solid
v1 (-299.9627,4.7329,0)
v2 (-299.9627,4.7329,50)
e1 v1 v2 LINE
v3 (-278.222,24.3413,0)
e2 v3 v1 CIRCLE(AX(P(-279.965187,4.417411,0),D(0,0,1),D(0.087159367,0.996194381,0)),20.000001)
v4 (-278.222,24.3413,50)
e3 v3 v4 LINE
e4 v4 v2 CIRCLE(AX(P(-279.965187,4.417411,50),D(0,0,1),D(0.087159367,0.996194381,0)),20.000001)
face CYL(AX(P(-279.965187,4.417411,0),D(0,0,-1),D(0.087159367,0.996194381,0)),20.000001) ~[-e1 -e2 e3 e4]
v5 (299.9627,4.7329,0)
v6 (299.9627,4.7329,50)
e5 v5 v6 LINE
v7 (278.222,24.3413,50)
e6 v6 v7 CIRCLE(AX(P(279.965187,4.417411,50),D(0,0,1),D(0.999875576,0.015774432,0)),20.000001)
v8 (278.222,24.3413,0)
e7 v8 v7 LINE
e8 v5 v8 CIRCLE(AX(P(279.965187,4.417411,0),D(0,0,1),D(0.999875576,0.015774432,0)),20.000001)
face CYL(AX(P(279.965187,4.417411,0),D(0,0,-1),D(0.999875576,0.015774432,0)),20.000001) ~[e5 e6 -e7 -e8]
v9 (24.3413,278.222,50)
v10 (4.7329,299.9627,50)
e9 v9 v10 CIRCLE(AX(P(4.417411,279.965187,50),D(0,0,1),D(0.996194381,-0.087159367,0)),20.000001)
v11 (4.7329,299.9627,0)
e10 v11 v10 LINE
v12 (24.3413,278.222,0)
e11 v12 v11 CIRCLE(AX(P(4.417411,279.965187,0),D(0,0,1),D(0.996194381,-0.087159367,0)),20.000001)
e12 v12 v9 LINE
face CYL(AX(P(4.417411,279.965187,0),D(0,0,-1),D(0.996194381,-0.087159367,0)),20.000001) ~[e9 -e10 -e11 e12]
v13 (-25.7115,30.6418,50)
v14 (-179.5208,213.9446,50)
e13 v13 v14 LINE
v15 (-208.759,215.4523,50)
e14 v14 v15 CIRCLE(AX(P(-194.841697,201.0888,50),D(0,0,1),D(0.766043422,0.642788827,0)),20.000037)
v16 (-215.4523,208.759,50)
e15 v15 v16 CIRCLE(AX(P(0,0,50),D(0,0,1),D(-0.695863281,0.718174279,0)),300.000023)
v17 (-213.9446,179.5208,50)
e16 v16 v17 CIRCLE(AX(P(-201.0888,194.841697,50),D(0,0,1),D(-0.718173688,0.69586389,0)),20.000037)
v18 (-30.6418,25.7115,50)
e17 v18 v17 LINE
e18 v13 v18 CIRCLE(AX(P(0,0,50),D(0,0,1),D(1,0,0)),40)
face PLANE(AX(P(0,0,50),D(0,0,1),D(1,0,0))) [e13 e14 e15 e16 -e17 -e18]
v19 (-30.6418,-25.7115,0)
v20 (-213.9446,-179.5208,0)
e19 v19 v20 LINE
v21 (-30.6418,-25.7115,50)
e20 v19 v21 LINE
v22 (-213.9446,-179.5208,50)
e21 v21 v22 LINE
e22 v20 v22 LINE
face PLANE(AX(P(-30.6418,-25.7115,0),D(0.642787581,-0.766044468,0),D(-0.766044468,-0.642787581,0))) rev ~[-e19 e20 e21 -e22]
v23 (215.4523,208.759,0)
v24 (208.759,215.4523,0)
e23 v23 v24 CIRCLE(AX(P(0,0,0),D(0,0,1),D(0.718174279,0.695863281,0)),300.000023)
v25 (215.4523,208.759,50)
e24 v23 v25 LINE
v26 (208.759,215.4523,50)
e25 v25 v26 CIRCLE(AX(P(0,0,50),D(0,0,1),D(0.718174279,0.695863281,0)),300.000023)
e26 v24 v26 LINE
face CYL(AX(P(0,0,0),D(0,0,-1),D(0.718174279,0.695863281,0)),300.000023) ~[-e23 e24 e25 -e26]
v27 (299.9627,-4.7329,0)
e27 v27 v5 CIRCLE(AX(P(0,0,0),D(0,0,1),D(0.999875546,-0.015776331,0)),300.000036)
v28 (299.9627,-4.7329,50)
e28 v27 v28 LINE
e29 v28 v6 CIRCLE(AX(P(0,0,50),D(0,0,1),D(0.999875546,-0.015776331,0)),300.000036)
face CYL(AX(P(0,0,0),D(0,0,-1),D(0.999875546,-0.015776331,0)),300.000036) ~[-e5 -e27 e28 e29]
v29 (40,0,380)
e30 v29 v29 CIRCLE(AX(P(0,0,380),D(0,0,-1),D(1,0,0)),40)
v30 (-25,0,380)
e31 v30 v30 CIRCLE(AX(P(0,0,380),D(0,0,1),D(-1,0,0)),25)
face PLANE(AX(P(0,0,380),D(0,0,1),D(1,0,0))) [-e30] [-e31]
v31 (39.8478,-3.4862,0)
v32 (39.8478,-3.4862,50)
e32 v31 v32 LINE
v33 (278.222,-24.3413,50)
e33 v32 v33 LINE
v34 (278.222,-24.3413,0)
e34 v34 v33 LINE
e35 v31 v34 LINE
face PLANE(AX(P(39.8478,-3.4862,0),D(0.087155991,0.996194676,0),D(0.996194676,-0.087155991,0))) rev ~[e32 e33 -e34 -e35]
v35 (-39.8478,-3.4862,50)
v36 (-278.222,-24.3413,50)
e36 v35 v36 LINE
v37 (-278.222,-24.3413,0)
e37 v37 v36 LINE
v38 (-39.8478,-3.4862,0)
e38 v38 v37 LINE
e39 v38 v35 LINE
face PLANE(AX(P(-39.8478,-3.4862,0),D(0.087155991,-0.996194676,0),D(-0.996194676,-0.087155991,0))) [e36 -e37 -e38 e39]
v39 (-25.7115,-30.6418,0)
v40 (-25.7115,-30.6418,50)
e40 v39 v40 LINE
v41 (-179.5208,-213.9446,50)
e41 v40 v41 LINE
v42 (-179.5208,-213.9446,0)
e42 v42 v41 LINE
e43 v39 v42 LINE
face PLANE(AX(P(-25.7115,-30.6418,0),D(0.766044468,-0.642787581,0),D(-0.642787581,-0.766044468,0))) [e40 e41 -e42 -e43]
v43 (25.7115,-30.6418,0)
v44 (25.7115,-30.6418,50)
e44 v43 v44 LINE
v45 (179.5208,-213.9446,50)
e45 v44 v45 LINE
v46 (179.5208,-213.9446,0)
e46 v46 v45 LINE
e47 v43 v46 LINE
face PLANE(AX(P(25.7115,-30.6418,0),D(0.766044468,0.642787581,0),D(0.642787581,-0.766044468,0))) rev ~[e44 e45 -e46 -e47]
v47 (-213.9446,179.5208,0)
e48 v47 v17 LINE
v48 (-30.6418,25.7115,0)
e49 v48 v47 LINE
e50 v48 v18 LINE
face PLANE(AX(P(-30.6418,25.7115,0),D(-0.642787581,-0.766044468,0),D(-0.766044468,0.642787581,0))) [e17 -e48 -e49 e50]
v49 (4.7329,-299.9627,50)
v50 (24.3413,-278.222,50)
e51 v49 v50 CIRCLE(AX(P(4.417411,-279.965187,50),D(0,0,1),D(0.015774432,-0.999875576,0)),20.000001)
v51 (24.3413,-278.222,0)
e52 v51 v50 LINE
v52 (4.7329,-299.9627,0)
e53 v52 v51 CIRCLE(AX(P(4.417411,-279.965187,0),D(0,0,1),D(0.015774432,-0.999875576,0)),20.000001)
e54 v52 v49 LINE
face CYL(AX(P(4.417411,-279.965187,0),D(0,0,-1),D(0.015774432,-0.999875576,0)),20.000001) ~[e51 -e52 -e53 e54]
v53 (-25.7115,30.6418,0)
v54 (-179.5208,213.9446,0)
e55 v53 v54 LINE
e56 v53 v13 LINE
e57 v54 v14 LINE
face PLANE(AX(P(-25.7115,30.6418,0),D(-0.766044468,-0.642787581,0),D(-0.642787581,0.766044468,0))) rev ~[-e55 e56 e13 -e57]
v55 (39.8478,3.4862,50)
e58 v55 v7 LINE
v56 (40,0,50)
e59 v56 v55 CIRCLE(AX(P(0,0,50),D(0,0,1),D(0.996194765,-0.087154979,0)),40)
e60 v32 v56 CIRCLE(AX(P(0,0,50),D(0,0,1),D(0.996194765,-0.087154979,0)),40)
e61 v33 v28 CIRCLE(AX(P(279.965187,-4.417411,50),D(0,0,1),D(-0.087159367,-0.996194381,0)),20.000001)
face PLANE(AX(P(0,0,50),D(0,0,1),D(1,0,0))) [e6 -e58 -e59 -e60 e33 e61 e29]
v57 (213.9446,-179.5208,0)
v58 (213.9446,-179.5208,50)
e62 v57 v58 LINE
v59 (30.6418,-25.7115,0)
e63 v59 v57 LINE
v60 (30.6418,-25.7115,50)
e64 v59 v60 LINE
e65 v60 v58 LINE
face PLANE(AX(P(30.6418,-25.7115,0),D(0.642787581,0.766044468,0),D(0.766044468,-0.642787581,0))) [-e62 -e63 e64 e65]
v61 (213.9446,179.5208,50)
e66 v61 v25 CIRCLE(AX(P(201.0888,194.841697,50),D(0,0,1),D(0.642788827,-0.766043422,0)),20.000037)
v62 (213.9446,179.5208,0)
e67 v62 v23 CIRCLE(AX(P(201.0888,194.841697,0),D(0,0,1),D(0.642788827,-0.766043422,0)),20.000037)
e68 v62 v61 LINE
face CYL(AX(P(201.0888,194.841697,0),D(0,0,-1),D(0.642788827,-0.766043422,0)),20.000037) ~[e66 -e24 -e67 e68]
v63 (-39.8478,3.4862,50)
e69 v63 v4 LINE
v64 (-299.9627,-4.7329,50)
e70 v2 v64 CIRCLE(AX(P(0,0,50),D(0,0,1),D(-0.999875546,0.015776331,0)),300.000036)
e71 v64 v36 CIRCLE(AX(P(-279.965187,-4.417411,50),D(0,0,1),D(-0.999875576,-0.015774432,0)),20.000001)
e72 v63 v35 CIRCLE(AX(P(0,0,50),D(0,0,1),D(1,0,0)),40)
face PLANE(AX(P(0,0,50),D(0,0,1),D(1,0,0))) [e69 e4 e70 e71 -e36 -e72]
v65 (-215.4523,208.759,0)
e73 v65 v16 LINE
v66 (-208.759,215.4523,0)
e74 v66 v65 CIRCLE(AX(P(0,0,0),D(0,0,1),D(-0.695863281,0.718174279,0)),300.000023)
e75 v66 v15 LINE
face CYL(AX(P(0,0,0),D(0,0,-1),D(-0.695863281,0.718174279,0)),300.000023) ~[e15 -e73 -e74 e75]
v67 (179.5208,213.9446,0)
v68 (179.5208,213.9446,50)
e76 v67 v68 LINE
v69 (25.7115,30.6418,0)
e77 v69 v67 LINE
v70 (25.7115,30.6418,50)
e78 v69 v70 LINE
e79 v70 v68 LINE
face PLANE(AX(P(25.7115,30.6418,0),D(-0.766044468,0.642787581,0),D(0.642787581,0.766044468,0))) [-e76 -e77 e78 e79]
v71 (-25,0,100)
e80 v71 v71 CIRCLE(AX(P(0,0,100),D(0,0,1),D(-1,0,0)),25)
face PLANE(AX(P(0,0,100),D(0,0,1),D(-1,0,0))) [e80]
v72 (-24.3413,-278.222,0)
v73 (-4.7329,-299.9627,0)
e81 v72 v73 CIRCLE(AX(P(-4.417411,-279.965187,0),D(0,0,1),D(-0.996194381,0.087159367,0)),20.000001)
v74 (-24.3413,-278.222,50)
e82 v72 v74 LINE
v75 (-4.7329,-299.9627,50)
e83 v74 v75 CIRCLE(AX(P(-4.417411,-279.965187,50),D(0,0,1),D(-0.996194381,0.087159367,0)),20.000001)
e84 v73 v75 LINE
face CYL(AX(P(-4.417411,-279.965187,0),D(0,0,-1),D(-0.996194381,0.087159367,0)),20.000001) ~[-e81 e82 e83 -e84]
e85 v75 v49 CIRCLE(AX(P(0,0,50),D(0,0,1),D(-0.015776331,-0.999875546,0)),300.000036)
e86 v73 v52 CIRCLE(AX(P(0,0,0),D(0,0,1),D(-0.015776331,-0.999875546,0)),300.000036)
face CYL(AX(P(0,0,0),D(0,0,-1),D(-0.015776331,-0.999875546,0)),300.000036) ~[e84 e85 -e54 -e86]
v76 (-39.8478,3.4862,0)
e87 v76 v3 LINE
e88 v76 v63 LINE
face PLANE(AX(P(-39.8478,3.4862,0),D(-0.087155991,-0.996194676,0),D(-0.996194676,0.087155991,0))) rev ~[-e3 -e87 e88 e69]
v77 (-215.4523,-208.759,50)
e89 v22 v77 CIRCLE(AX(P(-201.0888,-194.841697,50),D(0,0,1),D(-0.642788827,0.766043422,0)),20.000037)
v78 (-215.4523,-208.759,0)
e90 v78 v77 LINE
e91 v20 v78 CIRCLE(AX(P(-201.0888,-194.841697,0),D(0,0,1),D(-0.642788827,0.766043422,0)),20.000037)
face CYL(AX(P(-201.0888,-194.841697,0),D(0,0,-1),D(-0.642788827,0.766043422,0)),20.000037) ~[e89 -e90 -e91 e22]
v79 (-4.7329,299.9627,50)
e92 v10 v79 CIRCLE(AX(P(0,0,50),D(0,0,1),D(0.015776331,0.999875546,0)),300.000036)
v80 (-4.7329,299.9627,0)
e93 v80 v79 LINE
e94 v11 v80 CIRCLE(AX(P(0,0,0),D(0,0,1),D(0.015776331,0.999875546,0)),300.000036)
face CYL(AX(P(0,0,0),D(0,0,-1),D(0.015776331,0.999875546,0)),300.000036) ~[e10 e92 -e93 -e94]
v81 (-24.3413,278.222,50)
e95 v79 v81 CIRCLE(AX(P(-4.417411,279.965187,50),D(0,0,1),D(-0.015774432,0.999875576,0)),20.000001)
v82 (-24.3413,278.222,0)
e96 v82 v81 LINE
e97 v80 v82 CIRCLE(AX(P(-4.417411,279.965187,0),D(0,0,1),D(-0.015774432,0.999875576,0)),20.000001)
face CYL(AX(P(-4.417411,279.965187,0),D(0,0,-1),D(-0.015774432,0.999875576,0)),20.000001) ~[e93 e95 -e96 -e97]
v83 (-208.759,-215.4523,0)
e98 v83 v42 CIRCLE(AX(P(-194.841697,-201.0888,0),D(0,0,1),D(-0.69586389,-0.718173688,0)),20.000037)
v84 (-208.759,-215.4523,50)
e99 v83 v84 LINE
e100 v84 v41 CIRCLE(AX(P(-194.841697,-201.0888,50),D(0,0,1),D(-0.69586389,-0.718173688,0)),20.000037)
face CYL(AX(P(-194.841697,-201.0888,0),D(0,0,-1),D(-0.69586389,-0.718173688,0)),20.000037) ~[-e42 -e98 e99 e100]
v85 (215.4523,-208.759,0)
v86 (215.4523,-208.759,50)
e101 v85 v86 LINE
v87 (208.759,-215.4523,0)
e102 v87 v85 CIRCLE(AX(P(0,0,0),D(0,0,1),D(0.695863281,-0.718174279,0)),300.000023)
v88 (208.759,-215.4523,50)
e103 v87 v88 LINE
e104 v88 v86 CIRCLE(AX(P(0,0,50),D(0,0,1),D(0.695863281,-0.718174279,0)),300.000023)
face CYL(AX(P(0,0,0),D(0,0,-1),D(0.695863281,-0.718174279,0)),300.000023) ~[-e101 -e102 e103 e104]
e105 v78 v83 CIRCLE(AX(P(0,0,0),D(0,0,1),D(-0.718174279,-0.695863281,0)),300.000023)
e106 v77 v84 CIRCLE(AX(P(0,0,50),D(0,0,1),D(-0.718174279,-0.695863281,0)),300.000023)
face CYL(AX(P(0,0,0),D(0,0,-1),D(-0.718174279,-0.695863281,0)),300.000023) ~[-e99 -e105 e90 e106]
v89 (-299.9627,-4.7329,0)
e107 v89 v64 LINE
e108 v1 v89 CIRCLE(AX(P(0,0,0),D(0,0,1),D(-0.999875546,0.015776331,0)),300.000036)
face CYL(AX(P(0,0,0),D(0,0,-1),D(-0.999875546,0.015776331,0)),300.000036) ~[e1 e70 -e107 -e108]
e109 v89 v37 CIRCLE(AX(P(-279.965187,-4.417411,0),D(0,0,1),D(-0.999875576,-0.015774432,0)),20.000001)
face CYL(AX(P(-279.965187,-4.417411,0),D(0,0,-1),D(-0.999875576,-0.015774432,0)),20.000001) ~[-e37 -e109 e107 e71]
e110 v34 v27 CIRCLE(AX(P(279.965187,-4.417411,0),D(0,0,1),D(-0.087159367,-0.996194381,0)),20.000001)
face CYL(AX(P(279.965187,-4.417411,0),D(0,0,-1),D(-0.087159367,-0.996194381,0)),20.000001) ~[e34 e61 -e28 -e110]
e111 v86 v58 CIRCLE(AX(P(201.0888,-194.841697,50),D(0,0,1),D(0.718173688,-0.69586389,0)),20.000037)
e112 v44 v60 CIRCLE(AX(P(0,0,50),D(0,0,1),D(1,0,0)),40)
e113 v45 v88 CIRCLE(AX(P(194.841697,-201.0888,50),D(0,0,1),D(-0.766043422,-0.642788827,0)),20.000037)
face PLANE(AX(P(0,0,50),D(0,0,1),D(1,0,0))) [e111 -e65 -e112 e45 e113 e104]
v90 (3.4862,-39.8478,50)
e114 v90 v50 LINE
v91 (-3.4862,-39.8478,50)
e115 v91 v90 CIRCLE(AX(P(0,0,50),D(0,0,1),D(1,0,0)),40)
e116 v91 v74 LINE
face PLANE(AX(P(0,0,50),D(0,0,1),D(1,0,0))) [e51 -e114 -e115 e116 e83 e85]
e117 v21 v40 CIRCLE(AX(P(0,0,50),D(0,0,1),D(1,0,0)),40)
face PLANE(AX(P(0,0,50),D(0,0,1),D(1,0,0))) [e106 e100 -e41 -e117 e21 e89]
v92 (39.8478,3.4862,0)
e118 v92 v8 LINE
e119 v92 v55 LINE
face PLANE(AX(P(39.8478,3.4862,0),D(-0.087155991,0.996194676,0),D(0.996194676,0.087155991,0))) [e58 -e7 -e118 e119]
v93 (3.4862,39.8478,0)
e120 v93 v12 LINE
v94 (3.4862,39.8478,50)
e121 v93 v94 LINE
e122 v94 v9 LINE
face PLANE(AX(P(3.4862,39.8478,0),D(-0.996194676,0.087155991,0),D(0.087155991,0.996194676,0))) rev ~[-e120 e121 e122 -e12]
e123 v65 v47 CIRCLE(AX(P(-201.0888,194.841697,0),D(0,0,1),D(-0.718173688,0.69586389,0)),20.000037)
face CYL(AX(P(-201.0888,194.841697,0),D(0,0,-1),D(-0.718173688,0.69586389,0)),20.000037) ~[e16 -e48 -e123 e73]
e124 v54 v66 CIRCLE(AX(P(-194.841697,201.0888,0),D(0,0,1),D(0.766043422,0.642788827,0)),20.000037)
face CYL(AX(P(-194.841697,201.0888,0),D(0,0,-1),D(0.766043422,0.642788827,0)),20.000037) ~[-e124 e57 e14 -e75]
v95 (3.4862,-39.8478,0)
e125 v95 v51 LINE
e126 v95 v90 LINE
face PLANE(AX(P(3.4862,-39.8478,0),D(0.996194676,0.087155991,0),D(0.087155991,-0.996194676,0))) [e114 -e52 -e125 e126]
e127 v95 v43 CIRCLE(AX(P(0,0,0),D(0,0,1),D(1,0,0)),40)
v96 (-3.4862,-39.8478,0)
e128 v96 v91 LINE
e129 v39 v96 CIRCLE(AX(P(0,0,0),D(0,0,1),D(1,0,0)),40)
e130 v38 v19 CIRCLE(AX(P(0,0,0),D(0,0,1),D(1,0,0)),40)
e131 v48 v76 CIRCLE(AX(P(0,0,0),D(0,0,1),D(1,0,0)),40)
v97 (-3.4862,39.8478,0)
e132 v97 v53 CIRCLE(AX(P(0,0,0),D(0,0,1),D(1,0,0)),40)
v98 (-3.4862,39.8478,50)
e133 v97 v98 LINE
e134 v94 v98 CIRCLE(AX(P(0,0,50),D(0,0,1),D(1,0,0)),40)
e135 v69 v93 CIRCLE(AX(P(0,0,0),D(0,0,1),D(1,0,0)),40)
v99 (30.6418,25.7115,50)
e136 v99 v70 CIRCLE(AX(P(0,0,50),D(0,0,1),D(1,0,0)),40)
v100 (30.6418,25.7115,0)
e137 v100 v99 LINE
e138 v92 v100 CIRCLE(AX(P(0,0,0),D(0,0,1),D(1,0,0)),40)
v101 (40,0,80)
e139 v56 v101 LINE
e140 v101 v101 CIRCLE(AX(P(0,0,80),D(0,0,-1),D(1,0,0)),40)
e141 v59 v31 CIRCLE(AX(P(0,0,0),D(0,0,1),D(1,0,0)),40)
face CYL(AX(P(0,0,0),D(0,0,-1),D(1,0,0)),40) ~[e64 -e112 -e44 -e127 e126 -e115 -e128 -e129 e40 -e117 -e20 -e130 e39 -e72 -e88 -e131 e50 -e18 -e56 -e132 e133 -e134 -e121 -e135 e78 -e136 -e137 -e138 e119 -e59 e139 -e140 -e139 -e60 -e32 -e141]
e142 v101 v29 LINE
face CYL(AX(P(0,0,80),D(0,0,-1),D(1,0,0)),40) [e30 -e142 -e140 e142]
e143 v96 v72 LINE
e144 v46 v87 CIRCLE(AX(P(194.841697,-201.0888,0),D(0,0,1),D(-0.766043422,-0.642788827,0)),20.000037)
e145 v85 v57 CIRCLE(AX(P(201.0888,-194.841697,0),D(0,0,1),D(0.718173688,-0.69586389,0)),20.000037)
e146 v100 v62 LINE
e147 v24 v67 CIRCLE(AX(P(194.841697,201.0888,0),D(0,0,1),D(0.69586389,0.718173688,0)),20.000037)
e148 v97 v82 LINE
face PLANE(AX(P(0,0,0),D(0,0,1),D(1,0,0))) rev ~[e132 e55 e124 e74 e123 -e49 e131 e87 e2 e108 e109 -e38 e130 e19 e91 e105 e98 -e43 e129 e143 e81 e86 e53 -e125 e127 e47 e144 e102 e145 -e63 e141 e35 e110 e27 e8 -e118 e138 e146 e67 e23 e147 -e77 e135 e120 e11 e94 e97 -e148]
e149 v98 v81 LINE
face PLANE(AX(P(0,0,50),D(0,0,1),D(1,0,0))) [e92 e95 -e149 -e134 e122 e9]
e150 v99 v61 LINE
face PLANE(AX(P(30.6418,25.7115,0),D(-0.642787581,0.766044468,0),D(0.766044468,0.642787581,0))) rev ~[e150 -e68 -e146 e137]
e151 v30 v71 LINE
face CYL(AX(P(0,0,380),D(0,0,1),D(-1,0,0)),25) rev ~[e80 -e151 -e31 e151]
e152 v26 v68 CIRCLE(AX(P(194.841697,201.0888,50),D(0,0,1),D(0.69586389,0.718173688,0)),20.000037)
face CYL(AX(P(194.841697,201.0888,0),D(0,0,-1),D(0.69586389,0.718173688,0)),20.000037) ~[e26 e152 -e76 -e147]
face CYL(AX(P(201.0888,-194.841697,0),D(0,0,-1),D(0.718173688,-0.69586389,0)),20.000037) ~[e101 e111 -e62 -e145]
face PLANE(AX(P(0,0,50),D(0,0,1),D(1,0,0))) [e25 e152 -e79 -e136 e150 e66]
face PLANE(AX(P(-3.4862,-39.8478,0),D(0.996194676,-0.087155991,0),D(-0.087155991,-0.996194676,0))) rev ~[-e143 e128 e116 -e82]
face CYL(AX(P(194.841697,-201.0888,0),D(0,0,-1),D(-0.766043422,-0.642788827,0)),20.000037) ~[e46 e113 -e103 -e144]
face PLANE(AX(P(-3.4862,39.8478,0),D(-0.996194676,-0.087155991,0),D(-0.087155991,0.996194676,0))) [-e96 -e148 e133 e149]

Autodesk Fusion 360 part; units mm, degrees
sketch "Sketch1" plane through (0, 0, 0) normal (0, 0, 1) x (1, 0, 0)
  circle A0 centre (0, 0) radius 40
  line L0 (39.8478, 3.4862) -> (278.222, 24.3413)
  line L1 (0, 0) -> (300, 0) construction
  line L2 (39.8478, -3.4862) -> (278.222, -24.3413)
  arc A1 (299.9627, -4.7329) -> (299.9627, 4.7329) centre (0, 0) ccw
  arc A2 (299.9627, 4.7329) -> (278.222, 24.3413) centre (279.9652, 4.4174) ccw
  arc A3 (278.222, -24.3413) -> (299.9627, -4.7329) centre (279.9652, -4.4174) ccw
  line L3 (25.7115, 30.6418) -> (179.5208, 213.9446)
  line L4 (30.6418, 25.7115) -> (213.9446, 179.5208)
  arc A4 (213.9446, 179.5208) -> (215.4523, 208.759) centre (201.0888, 194.8417) ccw
  arc A5 (215.4523, 208.759) -> (208.759, 215.4523) centre (0, 0) ccw
  arc A6 (208.759, 215.4523) -> (179.5208, 213.9446) centre (194.8417, 201.0888) ccw
  line L5 (-3.4862, 39.8478) -> (-24.3413, 278.222)
  line L6 (3.4862, 39.8478) -> (24.3413, 278.222)
  arc A7 (24.3413, 278.222) -> (4.7329, 299.9627) centre (4.4174, 279.9652) ccw
  arc A8 (4.7329, 299.9627) -> (-4.7329, 299.9627) centre (0, 0) ccw
  arc A9 (-4.7329, 299.9627) -> (-24.3413, 278.222) centre (-4.4174, 279.9652) ccw
  line L7 (-30.6418, 25.7115) -> (-213.9446, 179.5208)
  line L8 (-25.7115, 30.6418) -> (-179.5208, 213.9446)
  arc A10 (-179.5208, 213.9446) -> (-208.759, 215.4523) centre (-194.8417, 201.0888) ccw
  arc A11 (-208.759, 215.4523) -> (-215.4523, 208.759) centre (0, 0) ccw
  arc A12 (-215.4523, 208.759) -> (-213.9446, 179.5208) centre (-201.0888, 194.8417) ccw
  line L9 (-39.8478, -3.4862) -> (-278.222, -24.3413)
  line L10 (-39.8478, 3.4862) -> (-278.222, 24.3413)
  arc A13 (-278.222, 24.3413) -> (-299.9627, 4.7329) centre (-279.9652, 4.4174) ccw
  arc A14 (-299.9627, 4.7329) -> (-299.9627, -4.7329) centre (0, 0) ccw
  arc A15 (-299.9627, -4.7329) -> (-278.222, -24.3413) centre (-279.9652, -4.4174) ccw
  line L11 (-25.7115, -30.6418) -> (-179.5208, -213.9446)
  line L12 (-30.6418, -25.7115) -> (-213.9446, -179.5208)
  arc A16 (-213.9446, -179.5208) -> (-215.4523, -208.759) centre (-201.0888, -194.8417) ccw
  arc A17 (-215.4523, -208.759) -> (-208.759, -215.4523) centre (0, 0) ccw
  arc A18 (-208.759, -215.4523) -> (-179.5208, -213.9446) centre (-194.8417, -201.0888) ccw
  line L13 (3.4862, -39.8478) -> (24.3413, -278.222)
  line L14 (-3.4862, -39.8478) -> (-24.3413, -278.222)
  arc A19 (-24.3413, -278.222) -> (-4.7329, -299.9627) centre (-4.4174, -279.9652) ccw
  arc A20 (-4.7329, -299.9627) -> (4.7329, -299.9627) centre (0, 0) ccw
  arc A21 (4.7329, -299.9627) -> (24.3413, -278.222) centre (4.4174, -279.9652) ccw
  line L15 (30.6418, -25.7115) -> (213.9446, -179.5208)
  line L16 (25.7115, -30.6418) -> (179.5208, -213.9446)
  arc A22 (179.5208, -213.9446) -> (208.759, -215.4523) centre (194.8417, -201.0888) ccw
  arc A23 (208.759, -215.4523) -> (215.4523, -208.759) centre (0, 0) ccw
  arc A24 (215.4523, -208.759) -> (213.9446, -179.5208) centre (201.0888, -194.8417) ccw
  point P0 (298.8584, 26.1467)
  dimension "d1" = 80
  dimension "d3" = 5
  dimension "d4" = 300
  dimension "d5" = 20
  dimension "d6" = 20
  dimension "d8" = 360
extrude "Extrude1" add sketch "Sketch1" along normal blind 50 contours A0 L0 L2 A1 A2 A3 | A0 L3 L4 A4 A5 A6 | A0 L15 L16 A22 A23 A24 | A0 L5 L6 A7 A8 A9 | A0 L13 L14 A19 A20 A21 | A0 L7 L8 A10 A11 A12 | A0 L11 L12 A16 A17 A18 | A0 L9 L10 A13 A14 A15 makes body 1 at (-10.4379, 119.3059, 16.6667) makes body 2 at (10.4379, -119.3059, 16.6667) makes body 3 at (-76.9813, -91.7427, 16.6667) makes body 4 at (91.7427, 76.9813, 16.6667) makes body 5 at (-91.7427, 76.9813, 16.6667) makes body 6 at (76.9813, -91.7427, 16.6667) makes body 7 at (-119.3059, -10.4379, 16.6667) makes body 8 at (119.3059, 10.4379, 16.6667)
extrude "Extrude2" add sketch "Sketch1" along normal blind 80 contours A0 bodies 1 2 3 4 5 6 7 8
extrude "Extrude3" add 1 faces at (13.1844, -1.9872, 80) along direction (0, 0, 1) blind 300 on bodies 1 bodies 1
sketch "Sketch2" plane through (0, 0, 380) normal (0, 0, 1) x (-1, 0, 0)
  circle A0 centre (0, 0) radius 40
  circle A1 centre (0, 0) radius 25
  dimension "d15" = 50
extrude "Extrude4" cut sketch "Sketch2" against normal blind 280 contours A1 bodies 1
